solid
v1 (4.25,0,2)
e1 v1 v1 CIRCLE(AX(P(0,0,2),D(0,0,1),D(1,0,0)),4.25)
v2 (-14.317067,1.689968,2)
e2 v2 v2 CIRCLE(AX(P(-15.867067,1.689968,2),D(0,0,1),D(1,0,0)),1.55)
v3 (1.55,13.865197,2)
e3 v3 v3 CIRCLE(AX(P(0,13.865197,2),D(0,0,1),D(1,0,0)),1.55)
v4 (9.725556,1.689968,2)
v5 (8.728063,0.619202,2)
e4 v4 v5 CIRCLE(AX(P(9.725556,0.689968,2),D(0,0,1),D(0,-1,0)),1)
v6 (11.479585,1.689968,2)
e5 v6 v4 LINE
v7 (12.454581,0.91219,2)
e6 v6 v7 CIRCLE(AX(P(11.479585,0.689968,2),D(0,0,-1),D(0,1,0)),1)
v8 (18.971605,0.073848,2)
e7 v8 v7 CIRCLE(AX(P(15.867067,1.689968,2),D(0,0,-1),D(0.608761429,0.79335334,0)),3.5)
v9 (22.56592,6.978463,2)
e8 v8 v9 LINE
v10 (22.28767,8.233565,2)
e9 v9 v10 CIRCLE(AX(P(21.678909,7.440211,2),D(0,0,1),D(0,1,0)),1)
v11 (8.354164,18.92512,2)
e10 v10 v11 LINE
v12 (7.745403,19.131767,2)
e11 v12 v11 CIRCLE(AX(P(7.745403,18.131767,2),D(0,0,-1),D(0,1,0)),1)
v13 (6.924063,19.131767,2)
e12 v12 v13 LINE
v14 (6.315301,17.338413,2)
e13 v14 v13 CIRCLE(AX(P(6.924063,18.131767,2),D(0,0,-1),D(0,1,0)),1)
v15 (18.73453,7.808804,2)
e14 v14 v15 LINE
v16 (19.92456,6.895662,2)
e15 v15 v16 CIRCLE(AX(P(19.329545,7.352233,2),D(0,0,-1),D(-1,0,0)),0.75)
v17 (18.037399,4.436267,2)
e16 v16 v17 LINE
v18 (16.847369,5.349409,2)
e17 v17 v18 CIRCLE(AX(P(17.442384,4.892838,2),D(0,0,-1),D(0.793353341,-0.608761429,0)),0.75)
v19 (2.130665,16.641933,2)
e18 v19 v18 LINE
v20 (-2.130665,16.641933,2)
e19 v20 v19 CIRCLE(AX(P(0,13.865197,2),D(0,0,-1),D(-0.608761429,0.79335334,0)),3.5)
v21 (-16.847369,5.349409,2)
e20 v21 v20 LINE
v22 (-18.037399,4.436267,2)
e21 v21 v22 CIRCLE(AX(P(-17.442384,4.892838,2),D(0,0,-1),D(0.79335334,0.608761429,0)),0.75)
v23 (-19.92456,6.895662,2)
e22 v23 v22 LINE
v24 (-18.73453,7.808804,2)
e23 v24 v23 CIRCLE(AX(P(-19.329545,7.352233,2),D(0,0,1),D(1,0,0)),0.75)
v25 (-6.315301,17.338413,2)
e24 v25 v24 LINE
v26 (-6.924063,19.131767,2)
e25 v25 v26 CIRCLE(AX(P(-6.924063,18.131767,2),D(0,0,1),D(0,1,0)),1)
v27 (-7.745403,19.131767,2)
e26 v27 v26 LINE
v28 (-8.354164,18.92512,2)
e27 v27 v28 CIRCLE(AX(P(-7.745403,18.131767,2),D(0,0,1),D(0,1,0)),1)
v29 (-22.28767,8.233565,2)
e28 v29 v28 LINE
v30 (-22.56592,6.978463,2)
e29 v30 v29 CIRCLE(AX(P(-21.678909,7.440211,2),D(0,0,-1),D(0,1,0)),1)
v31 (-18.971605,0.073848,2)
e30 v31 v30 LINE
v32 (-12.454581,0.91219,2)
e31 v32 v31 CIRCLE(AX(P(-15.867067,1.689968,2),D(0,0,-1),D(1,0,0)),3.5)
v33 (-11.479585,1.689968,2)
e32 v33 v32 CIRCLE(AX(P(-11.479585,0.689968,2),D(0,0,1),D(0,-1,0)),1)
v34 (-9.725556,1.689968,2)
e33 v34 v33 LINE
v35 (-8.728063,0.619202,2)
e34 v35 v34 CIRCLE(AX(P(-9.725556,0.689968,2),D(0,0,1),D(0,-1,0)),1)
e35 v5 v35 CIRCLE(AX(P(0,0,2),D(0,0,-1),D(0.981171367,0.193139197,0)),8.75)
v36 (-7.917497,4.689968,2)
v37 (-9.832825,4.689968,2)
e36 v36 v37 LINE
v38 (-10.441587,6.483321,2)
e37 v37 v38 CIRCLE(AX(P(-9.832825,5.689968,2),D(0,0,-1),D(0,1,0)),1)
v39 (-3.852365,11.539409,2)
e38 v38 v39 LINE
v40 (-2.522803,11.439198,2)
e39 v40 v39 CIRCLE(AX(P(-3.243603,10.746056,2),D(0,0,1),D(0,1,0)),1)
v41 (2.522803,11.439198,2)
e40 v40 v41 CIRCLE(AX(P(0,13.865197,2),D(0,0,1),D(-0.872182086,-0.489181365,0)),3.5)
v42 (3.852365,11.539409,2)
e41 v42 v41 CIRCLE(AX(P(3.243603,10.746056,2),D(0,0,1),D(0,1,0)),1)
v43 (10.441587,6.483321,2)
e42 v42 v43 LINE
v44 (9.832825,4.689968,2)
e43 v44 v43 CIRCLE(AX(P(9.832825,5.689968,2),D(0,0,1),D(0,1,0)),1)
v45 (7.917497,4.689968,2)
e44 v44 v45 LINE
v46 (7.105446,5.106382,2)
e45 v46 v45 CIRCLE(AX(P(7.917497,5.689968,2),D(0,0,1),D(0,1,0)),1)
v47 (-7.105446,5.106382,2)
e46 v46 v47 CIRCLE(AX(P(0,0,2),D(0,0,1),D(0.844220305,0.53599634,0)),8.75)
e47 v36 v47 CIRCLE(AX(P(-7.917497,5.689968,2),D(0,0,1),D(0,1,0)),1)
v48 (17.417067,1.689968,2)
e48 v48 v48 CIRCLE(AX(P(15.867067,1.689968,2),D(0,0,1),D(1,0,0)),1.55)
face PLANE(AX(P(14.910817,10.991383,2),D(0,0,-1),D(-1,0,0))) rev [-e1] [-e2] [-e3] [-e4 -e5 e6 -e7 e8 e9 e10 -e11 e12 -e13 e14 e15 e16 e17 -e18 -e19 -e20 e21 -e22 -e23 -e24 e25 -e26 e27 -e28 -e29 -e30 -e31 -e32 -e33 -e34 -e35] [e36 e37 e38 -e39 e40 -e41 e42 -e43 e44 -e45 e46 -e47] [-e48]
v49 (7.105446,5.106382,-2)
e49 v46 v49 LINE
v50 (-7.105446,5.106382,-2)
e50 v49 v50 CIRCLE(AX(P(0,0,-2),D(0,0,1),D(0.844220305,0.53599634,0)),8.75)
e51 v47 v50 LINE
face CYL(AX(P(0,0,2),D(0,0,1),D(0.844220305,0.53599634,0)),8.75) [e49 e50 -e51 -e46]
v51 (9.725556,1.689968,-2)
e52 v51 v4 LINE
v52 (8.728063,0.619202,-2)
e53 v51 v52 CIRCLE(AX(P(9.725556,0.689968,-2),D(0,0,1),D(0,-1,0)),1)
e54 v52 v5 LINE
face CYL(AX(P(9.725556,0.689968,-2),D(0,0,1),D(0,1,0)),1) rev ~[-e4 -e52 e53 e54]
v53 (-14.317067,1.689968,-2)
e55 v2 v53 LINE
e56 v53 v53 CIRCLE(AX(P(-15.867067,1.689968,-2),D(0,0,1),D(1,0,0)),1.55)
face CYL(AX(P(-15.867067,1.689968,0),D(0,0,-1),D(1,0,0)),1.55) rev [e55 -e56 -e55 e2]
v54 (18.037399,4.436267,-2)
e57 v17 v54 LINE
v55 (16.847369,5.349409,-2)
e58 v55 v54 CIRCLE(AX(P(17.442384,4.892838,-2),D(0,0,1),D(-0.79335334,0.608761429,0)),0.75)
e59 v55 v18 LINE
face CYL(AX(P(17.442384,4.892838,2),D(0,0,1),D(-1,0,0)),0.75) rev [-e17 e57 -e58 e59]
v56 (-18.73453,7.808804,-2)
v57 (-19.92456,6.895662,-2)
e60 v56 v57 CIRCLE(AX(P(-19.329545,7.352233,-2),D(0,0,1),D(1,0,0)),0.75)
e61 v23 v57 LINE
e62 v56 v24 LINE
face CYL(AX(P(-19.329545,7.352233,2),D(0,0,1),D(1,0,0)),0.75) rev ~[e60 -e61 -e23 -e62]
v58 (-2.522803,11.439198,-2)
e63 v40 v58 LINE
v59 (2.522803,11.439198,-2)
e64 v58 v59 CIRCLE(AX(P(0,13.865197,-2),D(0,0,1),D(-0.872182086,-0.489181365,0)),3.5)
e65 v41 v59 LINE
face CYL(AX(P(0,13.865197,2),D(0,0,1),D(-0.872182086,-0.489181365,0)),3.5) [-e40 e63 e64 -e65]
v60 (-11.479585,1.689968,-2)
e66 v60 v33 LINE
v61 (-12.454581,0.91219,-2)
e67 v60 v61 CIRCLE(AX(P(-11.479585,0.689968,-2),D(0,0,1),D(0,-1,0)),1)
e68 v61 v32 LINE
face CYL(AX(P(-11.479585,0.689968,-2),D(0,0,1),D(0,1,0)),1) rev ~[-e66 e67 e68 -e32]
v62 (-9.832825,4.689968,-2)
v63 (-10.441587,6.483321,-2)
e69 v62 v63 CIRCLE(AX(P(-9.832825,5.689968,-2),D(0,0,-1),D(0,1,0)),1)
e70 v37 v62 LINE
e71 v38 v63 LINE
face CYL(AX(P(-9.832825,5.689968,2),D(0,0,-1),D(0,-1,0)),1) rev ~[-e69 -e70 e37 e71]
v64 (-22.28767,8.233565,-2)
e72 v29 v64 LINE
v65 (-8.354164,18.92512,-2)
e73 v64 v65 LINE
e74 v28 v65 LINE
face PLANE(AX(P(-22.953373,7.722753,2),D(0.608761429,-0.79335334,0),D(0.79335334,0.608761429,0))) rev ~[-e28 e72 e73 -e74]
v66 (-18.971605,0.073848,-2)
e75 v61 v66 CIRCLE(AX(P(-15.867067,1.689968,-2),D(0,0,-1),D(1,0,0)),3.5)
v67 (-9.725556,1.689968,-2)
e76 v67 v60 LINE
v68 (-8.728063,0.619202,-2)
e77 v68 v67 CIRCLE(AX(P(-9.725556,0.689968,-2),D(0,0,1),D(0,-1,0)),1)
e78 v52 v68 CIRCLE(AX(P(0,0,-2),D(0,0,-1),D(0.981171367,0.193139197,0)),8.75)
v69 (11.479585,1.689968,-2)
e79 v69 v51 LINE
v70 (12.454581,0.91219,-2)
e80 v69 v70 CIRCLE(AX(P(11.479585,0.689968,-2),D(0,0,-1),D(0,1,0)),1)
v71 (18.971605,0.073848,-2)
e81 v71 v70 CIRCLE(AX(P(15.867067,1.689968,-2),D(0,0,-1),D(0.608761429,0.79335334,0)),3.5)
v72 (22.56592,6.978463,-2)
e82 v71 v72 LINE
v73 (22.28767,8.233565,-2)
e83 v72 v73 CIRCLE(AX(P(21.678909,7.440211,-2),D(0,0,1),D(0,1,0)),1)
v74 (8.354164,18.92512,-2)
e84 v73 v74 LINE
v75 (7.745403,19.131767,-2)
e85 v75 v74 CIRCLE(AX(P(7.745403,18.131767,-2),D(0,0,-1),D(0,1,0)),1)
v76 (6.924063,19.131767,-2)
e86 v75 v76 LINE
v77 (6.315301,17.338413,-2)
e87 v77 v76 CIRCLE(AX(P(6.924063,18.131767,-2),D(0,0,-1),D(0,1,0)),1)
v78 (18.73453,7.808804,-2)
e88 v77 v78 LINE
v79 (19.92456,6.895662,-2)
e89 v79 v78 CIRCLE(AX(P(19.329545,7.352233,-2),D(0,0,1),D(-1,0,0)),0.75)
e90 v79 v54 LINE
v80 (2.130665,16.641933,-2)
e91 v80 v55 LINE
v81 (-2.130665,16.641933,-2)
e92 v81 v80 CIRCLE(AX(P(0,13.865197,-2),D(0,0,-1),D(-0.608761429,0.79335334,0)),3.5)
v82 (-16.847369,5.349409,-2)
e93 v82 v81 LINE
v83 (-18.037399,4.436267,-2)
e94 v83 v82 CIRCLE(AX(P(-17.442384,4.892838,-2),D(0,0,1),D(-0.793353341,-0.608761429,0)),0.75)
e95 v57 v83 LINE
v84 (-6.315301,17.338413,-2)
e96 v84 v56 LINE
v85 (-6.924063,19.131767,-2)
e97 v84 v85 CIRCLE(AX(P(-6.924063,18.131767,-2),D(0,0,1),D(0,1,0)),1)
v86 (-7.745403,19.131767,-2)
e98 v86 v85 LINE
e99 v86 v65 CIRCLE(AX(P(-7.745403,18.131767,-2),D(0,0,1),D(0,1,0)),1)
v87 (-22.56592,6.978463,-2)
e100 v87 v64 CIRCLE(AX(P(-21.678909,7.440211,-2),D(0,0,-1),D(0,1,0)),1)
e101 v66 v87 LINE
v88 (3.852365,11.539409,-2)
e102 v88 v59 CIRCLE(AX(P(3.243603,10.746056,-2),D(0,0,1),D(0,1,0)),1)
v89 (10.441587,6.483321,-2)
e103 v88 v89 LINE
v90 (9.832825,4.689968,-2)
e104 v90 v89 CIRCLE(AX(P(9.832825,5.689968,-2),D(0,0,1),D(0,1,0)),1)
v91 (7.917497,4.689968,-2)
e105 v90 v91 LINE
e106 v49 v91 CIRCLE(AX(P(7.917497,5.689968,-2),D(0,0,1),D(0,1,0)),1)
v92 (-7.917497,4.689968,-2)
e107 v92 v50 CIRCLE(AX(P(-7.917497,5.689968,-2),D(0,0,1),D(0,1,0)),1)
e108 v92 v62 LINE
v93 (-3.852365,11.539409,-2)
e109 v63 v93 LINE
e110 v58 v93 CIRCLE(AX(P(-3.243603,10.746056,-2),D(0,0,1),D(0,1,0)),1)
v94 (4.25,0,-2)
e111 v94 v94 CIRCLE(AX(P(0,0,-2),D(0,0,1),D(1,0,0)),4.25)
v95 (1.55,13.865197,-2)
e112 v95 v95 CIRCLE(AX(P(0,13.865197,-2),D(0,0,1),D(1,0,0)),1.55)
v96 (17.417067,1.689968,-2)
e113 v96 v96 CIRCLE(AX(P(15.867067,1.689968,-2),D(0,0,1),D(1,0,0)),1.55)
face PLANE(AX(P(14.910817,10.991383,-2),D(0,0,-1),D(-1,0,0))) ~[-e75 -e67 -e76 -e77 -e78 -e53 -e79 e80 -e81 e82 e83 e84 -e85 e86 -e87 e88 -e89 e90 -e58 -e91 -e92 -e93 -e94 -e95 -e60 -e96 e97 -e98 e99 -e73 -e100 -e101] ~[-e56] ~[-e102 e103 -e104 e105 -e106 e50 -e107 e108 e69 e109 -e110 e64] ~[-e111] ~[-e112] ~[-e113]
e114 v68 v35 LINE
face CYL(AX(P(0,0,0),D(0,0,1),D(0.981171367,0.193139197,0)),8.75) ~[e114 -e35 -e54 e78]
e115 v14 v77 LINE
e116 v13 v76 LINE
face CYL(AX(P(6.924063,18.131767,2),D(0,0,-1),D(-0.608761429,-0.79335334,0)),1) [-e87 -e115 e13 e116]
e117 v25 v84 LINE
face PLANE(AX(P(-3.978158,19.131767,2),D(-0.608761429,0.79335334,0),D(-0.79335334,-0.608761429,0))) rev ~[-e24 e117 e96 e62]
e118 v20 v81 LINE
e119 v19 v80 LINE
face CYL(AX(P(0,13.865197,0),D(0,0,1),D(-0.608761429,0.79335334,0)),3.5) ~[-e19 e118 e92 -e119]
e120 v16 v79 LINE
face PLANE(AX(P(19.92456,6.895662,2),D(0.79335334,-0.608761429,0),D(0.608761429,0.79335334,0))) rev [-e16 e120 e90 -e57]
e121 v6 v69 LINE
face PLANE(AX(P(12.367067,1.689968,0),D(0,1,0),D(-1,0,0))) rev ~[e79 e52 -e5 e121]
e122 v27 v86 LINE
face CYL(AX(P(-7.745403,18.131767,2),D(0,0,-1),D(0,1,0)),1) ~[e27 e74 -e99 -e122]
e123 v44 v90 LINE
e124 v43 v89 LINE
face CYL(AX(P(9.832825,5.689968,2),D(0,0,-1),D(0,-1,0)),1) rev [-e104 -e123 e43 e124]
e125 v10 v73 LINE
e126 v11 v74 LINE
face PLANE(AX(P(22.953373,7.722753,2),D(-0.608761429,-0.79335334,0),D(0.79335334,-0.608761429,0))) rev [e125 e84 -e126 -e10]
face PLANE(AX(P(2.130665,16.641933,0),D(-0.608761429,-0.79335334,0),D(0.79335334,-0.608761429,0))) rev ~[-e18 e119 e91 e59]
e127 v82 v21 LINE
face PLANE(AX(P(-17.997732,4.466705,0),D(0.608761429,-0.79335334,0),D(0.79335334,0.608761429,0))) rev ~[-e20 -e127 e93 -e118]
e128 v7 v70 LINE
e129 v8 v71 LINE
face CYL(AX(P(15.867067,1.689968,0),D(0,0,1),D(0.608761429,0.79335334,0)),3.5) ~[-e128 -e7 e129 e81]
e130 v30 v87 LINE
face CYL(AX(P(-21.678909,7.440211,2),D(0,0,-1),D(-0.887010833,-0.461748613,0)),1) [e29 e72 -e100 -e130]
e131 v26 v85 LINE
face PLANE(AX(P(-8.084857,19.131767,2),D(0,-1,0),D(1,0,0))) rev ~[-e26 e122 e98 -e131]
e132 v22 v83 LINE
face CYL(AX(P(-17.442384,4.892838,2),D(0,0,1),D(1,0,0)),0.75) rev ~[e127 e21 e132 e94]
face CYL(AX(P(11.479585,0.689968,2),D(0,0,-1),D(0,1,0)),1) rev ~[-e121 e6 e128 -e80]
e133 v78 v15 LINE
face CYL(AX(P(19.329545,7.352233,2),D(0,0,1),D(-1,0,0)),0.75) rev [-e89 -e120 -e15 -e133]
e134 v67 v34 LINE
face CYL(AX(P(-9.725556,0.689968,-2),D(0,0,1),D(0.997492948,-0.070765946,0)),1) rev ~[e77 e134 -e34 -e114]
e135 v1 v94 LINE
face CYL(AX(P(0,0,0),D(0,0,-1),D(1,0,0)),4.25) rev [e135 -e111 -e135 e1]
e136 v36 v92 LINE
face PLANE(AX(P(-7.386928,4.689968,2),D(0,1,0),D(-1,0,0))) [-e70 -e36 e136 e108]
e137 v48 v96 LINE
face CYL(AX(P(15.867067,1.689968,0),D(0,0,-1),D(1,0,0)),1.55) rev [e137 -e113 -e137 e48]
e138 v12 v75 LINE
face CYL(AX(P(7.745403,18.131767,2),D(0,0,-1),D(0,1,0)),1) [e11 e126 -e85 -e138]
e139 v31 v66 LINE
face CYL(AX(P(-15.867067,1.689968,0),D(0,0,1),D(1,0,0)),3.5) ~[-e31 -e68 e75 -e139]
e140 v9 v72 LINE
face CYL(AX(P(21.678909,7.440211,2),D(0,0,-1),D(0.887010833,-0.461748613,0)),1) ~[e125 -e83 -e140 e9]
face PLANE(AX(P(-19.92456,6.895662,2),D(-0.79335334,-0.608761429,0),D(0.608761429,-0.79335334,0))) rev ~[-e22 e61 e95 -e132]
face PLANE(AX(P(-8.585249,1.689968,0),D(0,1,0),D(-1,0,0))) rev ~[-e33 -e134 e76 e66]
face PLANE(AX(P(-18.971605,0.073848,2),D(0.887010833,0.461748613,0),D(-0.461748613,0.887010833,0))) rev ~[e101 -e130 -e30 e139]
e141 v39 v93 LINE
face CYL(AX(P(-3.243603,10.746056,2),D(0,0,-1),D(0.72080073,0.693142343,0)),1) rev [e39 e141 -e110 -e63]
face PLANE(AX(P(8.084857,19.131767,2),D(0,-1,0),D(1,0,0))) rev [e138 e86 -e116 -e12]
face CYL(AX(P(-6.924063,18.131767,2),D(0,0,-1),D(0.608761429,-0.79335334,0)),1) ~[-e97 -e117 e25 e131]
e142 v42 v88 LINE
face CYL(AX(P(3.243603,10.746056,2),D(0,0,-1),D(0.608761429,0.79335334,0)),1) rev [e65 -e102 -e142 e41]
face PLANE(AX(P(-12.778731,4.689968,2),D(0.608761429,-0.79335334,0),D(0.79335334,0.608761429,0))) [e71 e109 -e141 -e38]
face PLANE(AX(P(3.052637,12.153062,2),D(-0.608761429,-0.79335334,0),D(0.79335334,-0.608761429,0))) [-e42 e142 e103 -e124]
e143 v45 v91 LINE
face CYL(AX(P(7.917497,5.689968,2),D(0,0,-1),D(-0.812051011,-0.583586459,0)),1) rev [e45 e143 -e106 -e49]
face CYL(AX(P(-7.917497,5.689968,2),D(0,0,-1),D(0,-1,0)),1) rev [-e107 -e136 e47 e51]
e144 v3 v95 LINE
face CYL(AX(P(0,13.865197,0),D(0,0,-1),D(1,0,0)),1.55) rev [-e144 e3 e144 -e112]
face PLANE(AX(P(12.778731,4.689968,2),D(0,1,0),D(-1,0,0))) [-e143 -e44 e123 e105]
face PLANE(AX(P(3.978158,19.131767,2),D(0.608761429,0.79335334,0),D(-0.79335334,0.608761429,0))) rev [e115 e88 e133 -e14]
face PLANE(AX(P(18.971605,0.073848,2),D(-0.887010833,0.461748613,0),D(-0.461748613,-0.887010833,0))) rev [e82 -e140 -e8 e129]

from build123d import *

# Parameters (mm, degrees)
SKETCH_1_R             = 4.25
SKETCH_1_R_2           = 1.55
EXTRUDE_1_DEPTH        = 2
FILLET_1_R             = 1
EXTRUDE_2_DEPTH        = 4
SKETCH_3_R             = 0.75
CUT_EXTRUDE_1_DEPTH    = 5
FILLET_2_R             = 1
FILLET_2_OF_MIRROR_1_R = 1
CUT_EXTRUDE_2_DEPTH    = 5
FILLET_3_R             = 1


with BuildPart() as part:
    # 草图1 → 凸台-拉伸1 (new body, symmetric)
    with BuildSketch(Plane.XY):
        with BuildLine():
            Line((-17.997731807, 4.466704665), (-2.130665002, 16.641933245))
            ThreePointArc((-2.130665002, 16.641933245), (0, 17.365196554), (2.130665002, 16.641933245))
            Line((2.130665002, 16.641933245), (17.997731807, 4.466704665))
            ThreePointArc((17.997731807, 4.466704665), (17.415077222, -1.449086621), (12.367066806, 1.689967974))
            Line((12.367066806, 1.689967974), (8.585249457, 1.689967974))
            ThreePointArc((8.585249457, 1.689967974), (0, -8.75), (-8.585249457, 1.689967974))
            Line((-8.585249457, 1.689967974), (-12.367066806, 1.689967974))
            ThreePointArc((-12.367066806, 1.689967974), (-17.415077222, -1.449086621), (-17.997731807, 4.466704665))
        make_face()
        Circle(SKETCH_1_R, mode=Mode.SUBTRACT)
        with Locations((-15.867066806, 1.689967974)):
            Circle(SKETCH_1_R_2, mode=Mode.SUBTRACT)
        with Locations((0, 13.865196554)):
            Circle(SKETCH_1_R_2, mode=Mode.SUBTRACT)
        with Locations((15.867066806, 1.689967974)):
            Circle(SKETCH_1_R_2, mode=Mode.SUBTRACT)
    extrude(amount=EXTRUDE_1_DEPTH, both=True)

    # 圆角1
    fillet_1_edges = [part.edges().sort_by_distance(p)[0] for p in [
        (12.367066806, 1.689967974, 0),
        (8.585249457, 1.689967974, 0),
        (-8.585249457, 1.689967974, 0),
        (-12.367066806, 1.689967974, 0),
    ]]
    fillet(fillet_1_edges, radius=FILLET_1_R)

    # 草图2 → 凸台-拉伸2 (add)
    with BuildSketch(Plane.XY.offset(2)):
        with BuildLine():
            Line((-18.971604722, 0.073847828), (-22.953372788, 7.722753116))
            Line((-22.953372788, 7.722753116), (-8.084856844, 19.131766671))
            Line((-8.084856844, 19.131766671), (-3.978157764, 19.131766671))
            Line((-3.978157764, 19.131766671), (-19.924559904, 6.895661948))
            Line((-19.924559904, 6.895661948), (-18.037399474, 4.436266594))
            Line((-18.037399474, 4.436266594), (-17.997731807, 4.466704665))
            ThreePointArc((-17.997731807, 4.466704665), (-19.284102831, 2.447506623), (-18.971604722, 0.073847828))
        make_face()
    extrude_2 = extrude(amount=-EXTRUDE_2_DEPTH)

    # 草图3 → 切除-拉伸1 (cut, through all)
    with BuildSketch(Plane.XY.offset(2)):
        with Locations((-19.329544899, 7.35223302)):
            Circle(SKETCH_3_R)
        with Locations((-17.442384469, 4.892837665)):
            Circle(SKETCH_3_R)
    cut_extrude_1 = extrude(amount=-CUT_EXTRUDE_1_DEPTH, mode=Mode.SUBTRACT)

    # 圆角2
    fillet_2_edges = [part.edges().sort_by_distance(p)[0] for p in [
        (-22.953372788, 7.722753116, 0),
        (-8.084856844, 19.131766671, 0),
        (-3.978157764, 19.131766671, 0),
    ]]
    fillet(fillet_2_edges, radius=FILLET_2_R)

    # 镜向1: 凸台-拉伸2, 切除-拉伸1 across plane
    add(extrude_2.mirror(Plane(origin=(0, 0, 0), x_dir=(0, 0, 1), z_dir=(1, 0, 0))))
    add(cut_extrude_1.mirror(Plane(origin=(0, 0, 0), x_dir=(0, 0, 1), z_dir=(1, 0, 0))), mode=Mode.SUBTRACT)

    # 圆角2 of 镜向1
    fillet_2_of_mirror_1_edges = [part.edges().sort_by_distance(p)[0] for p in [
        (22.953372788, 7.722753116, 0),
        (8.084856844, 19.131766671, 0),
        (3.978157764, 19.131766671, 0),
    ]]
    fillet(fillet_2_of_mirror_1_edges, radius=FILLET_2_OF_MIRROR_1_R)

    # 草图4 → 切除-拉伸2 (cut, through all)
    with BuildSketch(Plane.XY.offset(2)):
        with BuildLine():
            Line((-12.778730503, 4.689967974), (-3.052637302, 12.153061775))
            ThreePointArc((-3.052637302, 12.153061775), (0, 10.365196554), (3.052637302, 12.153061775))
            Line((3.052637302, 12.153061775), (12.778730503, 4.689967974))
            Line((12.778730503, 4.689967974), (7.38692767, 4.689967974))
            ThreePointArc((7.38692767, 4.689967974), (0, 8.75), (-7.38692767, 4.689967974))
            Line((-7.38692767, 4.689967974), (-12.778730503, 4.689967974))
        make_face()
    extrude(amount=-CUT_EXTRUDE_2_DEPTH, mode=Mode.SUBTRACT)

    # 圆角3
    fillet_3_edges = [part.edges().sort_by_distance(p)[0] for p in [
        (-7.38692767, 4.689967974, 0),
        (-12.778730503, 4.689967974, 0),
        (-3.052637302, 12.153061775, 0),
        (3.052637302, 12.153061775, 0),
        (12.778730503, 4.689967974, 0),
        (7.38692767, 4.689967974, 0),
    ]]
    fillet(fillet_3_edges, radius=FILLET_3_R)


solid = part.part
